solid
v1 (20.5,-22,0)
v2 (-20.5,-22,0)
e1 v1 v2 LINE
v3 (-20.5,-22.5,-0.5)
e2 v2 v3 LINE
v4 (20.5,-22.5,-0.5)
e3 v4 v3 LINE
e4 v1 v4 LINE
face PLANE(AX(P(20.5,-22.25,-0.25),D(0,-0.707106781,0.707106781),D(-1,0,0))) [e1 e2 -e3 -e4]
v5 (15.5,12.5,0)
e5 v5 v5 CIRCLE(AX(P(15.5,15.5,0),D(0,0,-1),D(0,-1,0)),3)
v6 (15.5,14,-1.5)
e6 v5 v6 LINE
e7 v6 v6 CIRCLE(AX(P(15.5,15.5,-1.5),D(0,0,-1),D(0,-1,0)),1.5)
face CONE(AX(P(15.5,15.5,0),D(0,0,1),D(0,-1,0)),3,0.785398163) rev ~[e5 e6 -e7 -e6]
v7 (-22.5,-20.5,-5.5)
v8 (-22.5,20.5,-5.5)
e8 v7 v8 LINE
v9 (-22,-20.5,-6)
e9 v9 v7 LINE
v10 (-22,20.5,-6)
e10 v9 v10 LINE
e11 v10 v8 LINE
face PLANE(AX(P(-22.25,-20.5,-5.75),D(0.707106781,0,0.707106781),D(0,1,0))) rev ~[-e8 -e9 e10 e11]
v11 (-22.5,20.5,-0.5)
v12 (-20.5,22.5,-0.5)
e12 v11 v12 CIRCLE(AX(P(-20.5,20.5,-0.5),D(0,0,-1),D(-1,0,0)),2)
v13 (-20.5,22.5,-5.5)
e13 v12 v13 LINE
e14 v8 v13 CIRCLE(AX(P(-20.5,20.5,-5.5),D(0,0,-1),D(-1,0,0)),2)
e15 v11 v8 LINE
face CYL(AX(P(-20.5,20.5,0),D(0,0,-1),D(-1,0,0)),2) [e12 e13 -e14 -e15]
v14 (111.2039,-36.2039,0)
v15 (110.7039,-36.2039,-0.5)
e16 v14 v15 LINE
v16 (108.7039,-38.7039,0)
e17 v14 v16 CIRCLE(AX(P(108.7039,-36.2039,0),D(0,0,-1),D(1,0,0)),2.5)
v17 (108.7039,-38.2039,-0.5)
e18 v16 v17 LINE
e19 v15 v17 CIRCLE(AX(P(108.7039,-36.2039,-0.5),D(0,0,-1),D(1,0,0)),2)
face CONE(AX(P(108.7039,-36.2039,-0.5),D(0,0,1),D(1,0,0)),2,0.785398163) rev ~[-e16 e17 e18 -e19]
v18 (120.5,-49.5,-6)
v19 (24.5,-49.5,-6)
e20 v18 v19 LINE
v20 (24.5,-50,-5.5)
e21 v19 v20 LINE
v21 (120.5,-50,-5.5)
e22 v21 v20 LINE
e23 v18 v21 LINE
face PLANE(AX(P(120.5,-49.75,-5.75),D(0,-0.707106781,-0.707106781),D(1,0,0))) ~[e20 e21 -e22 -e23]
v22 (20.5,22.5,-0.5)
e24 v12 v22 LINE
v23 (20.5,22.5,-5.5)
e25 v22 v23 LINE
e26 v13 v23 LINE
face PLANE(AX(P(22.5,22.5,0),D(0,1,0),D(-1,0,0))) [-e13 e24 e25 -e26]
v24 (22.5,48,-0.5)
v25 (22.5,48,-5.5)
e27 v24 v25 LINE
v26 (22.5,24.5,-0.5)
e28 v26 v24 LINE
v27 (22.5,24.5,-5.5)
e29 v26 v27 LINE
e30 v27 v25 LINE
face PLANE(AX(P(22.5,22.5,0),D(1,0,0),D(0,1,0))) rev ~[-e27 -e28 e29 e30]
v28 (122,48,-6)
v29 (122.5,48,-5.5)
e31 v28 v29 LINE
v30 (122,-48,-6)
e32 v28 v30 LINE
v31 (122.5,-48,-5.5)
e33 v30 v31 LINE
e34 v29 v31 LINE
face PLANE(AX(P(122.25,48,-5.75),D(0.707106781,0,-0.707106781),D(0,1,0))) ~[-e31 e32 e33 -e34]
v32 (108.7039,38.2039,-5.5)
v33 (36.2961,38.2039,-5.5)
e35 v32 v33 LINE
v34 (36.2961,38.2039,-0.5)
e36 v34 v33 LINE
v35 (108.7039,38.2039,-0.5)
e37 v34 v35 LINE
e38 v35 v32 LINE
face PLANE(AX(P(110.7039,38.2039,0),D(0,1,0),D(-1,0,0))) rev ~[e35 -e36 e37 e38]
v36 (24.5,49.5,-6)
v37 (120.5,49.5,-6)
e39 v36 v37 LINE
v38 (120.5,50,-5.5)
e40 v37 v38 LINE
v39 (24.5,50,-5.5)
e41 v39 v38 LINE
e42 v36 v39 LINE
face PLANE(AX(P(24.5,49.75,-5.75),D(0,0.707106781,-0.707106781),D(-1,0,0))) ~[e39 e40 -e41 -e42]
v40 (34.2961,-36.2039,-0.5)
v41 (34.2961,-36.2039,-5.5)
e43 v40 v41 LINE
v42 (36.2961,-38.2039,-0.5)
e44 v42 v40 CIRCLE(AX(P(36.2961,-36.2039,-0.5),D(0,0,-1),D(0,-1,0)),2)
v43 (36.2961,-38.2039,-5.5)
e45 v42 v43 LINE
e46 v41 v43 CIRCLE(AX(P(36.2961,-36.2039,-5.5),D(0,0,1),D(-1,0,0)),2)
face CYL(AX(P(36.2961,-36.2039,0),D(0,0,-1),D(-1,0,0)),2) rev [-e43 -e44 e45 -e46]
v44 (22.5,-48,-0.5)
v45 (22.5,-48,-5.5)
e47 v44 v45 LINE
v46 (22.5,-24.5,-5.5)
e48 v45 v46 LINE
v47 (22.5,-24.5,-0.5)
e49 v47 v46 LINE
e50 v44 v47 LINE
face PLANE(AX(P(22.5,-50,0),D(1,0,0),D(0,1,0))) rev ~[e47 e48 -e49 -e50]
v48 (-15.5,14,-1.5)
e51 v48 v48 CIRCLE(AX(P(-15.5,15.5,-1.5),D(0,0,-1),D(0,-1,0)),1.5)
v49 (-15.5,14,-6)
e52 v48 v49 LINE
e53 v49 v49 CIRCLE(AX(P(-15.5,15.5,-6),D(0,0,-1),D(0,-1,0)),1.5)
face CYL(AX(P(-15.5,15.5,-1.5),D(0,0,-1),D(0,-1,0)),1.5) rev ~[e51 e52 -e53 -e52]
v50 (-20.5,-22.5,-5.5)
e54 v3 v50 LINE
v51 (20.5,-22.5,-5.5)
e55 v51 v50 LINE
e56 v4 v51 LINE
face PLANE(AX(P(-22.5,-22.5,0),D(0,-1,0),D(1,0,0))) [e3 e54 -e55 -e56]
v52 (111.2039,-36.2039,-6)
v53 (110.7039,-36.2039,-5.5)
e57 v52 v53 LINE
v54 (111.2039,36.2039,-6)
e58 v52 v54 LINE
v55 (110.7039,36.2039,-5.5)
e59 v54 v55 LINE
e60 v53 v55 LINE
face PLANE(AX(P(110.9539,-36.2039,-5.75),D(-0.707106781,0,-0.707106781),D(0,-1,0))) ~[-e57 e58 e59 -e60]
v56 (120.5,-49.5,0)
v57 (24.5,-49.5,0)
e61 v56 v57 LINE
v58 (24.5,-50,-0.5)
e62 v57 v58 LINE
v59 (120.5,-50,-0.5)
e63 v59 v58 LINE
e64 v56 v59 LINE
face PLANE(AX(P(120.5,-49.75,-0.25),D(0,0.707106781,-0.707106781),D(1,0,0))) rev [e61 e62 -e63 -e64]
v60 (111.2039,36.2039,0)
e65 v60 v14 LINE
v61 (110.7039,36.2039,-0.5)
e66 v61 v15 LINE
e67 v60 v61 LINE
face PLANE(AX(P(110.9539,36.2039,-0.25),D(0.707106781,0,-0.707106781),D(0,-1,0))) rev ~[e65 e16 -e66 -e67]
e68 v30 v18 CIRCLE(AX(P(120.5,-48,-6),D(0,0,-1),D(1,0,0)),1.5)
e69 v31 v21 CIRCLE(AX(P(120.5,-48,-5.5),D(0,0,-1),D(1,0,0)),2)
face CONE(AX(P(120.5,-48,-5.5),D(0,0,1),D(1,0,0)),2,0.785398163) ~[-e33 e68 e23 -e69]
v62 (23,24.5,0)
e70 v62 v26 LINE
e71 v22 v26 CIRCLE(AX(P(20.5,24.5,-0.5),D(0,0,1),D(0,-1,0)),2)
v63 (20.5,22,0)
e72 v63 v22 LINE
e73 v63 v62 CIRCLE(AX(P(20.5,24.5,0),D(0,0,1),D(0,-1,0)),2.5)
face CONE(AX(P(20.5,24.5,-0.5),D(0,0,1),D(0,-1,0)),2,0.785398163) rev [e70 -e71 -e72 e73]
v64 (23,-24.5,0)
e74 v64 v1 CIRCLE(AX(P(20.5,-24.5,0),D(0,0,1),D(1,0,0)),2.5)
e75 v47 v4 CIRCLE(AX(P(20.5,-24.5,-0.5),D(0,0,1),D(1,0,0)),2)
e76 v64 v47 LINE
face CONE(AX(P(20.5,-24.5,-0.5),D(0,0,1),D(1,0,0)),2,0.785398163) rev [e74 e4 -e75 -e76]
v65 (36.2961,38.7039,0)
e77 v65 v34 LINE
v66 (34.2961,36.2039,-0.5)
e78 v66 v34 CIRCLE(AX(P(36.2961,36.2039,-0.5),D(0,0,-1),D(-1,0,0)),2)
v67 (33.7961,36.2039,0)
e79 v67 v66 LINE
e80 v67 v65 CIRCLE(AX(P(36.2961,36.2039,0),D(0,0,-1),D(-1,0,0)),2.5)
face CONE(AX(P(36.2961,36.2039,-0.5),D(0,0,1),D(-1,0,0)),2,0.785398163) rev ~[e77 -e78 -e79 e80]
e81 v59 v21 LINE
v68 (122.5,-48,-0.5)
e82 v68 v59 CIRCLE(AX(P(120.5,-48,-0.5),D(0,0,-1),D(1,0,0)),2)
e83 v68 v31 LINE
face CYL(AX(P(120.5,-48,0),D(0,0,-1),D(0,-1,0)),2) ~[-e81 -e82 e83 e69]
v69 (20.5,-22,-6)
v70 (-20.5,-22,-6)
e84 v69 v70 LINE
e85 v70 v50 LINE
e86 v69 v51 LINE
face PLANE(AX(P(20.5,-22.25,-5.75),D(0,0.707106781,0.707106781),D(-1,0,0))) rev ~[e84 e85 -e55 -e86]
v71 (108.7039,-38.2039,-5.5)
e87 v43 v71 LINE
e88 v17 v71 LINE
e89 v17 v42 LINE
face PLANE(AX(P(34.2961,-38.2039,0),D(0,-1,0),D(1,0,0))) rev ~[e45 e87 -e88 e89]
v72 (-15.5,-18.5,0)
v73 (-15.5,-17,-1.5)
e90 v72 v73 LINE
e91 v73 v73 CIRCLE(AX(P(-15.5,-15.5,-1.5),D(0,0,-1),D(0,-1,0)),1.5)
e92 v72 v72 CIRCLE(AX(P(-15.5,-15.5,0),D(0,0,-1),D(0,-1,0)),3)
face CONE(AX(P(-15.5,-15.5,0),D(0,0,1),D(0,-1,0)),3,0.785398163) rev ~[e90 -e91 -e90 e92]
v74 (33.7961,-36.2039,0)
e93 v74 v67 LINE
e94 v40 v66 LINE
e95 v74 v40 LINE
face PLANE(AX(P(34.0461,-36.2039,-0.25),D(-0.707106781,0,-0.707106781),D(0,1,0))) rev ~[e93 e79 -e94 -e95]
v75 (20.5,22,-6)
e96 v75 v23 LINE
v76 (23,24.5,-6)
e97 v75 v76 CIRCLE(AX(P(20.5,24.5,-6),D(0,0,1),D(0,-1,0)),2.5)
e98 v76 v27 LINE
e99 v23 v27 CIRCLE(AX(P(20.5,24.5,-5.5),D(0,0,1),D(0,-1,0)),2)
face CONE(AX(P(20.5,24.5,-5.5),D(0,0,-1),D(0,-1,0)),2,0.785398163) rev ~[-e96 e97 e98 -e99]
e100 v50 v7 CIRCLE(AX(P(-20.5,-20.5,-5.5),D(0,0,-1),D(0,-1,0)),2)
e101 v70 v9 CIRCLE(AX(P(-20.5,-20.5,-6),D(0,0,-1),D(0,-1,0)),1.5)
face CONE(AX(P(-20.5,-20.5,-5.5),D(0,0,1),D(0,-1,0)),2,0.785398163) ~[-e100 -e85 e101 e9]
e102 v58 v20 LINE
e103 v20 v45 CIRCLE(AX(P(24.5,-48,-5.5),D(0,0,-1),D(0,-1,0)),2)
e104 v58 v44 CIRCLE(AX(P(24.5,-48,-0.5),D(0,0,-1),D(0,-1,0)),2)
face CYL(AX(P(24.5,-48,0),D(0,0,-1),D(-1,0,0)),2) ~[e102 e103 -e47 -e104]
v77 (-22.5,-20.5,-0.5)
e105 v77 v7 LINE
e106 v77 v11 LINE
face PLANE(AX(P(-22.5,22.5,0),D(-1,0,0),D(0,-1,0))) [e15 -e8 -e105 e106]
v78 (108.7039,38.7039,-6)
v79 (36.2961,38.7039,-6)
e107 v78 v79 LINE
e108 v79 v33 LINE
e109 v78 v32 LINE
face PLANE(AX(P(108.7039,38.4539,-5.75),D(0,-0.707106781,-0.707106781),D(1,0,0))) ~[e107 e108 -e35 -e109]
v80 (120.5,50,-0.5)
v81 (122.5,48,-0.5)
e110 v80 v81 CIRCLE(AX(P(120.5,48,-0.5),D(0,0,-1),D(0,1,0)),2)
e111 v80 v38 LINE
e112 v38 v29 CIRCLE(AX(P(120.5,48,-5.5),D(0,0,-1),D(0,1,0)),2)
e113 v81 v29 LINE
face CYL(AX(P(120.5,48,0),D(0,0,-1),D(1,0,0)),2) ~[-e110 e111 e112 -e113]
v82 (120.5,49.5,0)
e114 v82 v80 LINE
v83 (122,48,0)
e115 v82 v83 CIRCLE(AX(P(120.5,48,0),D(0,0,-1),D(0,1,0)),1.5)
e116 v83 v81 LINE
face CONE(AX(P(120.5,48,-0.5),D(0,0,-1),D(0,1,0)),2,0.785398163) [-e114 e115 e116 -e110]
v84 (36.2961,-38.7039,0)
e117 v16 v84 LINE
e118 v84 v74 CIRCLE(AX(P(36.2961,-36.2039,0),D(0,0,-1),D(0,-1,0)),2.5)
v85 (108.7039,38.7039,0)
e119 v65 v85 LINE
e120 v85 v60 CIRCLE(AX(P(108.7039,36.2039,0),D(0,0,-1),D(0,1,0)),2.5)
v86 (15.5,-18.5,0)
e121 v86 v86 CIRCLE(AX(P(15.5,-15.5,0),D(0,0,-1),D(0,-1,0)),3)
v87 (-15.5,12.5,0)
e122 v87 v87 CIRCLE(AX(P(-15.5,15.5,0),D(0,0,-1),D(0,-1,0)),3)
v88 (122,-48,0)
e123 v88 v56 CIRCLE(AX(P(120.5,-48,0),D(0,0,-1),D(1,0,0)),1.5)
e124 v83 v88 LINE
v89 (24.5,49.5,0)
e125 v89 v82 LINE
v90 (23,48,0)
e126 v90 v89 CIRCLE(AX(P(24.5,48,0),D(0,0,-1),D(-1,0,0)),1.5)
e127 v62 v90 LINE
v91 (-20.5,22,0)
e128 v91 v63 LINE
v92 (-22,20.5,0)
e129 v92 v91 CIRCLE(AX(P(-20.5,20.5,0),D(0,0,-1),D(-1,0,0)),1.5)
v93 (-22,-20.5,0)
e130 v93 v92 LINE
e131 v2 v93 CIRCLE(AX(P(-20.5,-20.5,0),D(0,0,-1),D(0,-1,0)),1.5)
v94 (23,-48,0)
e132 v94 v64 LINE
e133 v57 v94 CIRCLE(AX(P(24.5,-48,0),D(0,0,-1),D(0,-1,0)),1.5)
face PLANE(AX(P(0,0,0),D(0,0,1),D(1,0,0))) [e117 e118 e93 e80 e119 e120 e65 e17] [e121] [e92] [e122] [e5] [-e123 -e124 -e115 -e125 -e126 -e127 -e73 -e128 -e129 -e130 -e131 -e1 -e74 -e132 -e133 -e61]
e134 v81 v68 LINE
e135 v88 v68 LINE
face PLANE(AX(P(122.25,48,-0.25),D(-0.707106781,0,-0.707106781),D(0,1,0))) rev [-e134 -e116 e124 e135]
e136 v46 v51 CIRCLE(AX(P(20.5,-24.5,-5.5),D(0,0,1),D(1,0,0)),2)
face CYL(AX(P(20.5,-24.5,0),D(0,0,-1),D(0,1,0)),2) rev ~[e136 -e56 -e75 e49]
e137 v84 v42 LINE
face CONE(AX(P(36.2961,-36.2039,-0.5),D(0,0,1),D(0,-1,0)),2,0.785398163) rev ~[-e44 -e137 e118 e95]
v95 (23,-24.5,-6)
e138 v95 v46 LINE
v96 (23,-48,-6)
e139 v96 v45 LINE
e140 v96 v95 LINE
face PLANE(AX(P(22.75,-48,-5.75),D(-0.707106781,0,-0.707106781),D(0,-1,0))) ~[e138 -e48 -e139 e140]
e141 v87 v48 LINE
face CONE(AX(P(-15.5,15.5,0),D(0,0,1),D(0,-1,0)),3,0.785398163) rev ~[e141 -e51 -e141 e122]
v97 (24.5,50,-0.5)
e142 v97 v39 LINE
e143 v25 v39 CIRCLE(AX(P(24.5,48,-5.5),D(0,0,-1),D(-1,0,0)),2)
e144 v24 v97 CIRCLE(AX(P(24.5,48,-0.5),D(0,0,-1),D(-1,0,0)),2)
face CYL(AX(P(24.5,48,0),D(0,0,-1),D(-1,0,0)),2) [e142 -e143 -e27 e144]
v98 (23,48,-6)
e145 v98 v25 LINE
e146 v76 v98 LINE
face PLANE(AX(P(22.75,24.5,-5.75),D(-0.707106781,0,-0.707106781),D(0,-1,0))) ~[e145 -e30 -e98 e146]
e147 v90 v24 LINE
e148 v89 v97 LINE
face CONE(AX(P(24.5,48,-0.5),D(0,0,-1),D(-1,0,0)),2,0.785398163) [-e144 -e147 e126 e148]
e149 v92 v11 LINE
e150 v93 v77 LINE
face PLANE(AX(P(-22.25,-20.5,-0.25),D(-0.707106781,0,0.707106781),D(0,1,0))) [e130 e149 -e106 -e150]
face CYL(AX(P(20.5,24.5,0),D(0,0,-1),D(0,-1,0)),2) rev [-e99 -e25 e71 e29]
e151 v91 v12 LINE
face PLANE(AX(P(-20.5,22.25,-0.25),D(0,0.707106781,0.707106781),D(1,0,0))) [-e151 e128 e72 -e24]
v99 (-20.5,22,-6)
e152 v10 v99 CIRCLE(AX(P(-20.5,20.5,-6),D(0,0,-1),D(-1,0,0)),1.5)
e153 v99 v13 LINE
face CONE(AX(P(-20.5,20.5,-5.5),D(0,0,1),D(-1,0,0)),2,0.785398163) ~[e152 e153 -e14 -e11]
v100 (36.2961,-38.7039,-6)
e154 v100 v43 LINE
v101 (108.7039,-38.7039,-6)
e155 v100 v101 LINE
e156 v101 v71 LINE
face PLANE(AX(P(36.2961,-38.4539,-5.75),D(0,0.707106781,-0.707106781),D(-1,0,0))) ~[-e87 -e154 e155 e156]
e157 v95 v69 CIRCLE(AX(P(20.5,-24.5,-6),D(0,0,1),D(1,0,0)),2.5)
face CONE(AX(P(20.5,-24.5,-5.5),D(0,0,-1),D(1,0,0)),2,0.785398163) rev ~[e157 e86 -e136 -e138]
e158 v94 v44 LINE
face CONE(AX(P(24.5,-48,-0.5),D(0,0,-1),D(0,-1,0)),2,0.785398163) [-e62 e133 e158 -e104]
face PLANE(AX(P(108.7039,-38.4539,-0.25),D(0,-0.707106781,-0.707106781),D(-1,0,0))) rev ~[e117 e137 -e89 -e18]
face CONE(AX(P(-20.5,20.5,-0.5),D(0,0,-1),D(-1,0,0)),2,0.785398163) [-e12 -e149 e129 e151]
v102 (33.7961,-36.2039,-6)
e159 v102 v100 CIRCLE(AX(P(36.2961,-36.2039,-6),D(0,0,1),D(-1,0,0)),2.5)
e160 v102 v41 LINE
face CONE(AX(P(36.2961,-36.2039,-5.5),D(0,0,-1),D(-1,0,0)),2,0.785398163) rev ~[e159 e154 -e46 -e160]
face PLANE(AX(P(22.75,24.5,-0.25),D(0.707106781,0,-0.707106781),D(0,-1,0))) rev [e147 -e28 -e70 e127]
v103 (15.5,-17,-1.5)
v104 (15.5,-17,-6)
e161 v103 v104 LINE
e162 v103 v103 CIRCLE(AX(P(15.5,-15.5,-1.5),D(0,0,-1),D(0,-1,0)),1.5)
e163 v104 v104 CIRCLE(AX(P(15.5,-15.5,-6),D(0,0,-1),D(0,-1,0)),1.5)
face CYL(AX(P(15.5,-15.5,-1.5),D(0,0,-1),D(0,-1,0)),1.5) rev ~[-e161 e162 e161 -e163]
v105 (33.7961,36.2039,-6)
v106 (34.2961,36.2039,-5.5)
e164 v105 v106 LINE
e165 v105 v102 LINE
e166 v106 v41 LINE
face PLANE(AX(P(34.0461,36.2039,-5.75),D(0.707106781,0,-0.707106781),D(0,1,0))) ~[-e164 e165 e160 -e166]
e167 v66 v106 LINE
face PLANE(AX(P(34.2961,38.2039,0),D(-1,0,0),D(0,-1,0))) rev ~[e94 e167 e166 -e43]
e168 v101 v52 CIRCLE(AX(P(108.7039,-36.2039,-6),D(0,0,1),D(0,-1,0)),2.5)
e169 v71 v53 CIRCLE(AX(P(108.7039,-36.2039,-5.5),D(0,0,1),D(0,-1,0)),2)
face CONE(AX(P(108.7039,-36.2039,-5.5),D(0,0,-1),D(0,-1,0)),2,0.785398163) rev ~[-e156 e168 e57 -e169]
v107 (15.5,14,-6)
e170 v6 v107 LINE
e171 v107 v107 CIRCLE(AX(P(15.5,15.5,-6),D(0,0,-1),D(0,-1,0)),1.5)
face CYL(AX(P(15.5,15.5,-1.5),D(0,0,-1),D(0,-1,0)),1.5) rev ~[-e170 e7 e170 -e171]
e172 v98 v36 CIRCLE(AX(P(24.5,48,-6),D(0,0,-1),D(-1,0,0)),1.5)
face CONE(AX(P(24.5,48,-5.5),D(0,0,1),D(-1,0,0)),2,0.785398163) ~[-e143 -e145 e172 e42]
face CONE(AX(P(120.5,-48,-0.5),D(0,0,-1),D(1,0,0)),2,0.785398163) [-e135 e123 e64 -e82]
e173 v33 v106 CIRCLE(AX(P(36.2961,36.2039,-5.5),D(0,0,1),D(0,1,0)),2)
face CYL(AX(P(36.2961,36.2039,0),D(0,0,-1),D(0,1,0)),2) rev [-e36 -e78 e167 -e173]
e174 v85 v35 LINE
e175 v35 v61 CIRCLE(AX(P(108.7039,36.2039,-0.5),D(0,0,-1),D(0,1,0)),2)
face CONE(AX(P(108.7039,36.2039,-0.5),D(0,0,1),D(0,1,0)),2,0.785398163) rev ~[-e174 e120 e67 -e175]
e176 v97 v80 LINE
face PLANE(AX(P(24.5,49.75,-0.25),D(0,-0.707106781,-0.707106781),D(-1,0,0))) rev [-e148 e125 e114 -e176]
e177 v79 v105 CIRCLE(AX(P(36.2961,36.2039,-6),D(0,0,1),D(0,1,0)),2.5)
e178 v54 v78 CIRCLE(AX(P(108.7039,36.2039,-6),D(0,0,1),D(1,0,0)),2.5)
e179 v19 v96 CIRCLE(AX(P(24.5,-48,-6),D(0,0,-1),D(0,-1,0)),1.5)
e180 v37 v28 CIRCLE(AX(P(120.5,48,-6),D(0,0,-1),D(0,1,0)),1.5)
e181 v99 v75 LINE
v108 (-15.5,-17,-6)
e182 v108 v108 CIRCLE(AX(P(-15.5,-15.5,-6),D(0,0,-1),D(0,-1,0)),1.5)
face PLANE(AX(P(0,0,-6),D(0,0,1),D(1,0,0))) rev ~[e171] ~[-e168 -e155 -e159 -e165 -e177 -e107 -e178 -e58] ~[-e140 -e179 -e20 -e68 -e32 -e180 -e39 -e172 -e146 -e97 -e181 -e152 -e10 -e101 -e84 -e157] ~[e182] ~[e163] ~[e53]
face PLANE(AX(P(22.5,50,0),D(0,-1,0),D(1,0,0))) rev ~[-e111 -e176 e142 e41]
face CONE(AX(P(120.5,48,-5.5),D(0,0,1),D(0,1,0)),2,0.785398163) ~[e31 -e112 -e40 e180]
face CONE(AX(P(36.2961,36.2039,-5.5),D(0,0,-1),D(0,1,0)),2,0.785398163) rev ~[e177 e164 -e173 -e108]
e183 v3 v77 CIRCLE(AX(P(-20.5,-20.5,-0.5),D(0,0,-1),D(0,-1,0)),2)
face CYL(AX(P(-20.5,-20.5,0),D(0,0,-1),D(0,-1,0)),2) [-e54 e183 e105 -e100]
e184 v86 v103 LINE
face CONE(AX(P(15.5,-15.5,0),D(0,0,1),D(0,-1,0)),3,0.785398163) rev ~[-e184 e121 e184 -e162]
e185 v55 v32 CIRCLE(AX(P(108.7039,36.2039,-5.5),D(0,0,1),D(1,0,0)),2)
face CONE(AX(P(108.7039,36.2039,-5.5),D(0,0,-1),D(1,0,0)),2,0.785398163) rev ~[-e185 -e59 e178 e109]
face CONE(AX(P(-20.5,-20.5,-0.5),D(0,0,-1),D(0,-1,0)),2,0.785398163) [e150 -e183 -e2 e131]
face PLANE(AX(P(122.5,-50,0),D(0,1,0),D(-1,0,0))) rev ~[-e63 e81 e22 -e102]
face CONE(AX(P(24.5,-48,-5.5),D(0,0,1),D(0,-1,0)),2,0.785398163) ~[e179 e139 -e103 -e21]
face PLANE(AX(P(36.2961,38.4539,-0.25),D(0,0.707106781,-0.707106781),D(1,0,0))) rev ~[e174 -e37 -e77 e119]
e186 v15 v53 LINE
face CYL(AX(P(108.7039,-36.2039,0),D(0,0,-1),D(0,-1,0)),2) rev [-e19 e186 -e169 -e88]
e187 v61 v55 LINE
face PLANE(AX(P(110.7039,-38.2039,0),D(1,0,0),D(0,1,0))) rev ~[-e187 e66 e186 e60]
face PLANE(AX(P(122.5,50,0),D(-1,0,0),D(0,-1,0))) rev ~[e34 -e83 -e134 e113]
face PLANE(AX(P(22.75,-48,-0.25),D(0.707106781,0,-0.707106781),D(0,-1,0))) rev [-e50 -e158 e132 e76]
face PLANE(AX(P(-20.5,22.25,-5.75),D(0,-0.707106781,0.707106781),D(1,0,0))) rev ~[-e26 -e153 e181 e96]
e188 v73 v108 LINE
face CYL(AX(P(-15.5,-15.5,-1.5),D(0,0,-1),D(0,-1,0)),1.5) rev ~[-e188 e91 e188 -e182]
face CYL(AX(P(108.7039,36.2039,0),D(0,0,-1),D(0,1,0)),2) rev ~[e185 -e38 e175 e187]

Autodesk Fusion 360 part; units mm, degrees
sketch "Cuadrado 100x100" plane through (0, 0, 0) normal (0, 0, 1) x (1, 0, 0)
  line L0 (50, -50) -> (-50, -50)
  line L1 (-50, -50) -> (-50, 50)
  line L2 (-50, 50) -> (50, 50)
  line L3 (50, 50) -> (50, -50)
  line L4 (50, -50) -> (-50, 50) construction
  line L5 (-50, -50) -> (50, 50) construction
  dimension "d1" = 100
sketch "Sketch1" plane through (0, 0, 0) normal (0, 0, 1) x (1, 0, 0) in component "plate"
  line L0 (22.5, 22.5) -> (-22.5, 22.5)
  line L1 (-22.5, 22.5) -> (-22.5, -22.5)
  line L2 (-22.5, -22.5) -> (22.5, -22.5)
  line L3 (22.5, -22.5) -> (22.5, 22.5)
  line L4 (22.5, 22.5) -> (-22.5, -22.5) construction
  line L5 (-22.5, 22.5) -> (22.5, -22.5) construction
  line L6 (15.5, 15.5) -> (-15.5, 15.5)
  line L7 (-15.5, 15.5) -> (-15.5, -15.5)
  line L8 (-15.5, -15.5) -> (15.5, -15.5)
  line L9 (15.5, -15.5) -> (15.5, 15.5)
  line L10 (122.5, -50) -> (22.5, -50)
  line L11 (22.5, -50) -> (22.5, 50)
  line L12 (22.5, 50) -> (122.5, 50)
  line L13 (122.5, 50) -> (122.5, -50)
  line L14 (122.5, -50) -> (22.5, 50) construction
  line L15 (22.5, -50) -> (122.5, 50) construction
  line L16 (110.7039, 38.2039) -> (34.2961, 38.2039)
  line L17 (34.2961, 38.2039) -> (34.2961, -38.2039)
  line L18 (34.2961, -38.2039) -> (110.7039, -38.2039)
  line L19 (110.7039, -38.2039) -> (110.7039, 38.2039)
  line L20 (72.5, 0) -> (22.5, 0) construction
  point P0 (72.5, 0)
  point P1 (72.5, 0)
  dimension "d59" = 45
  dimension "d60" = 31
  dimension "d62" = 100
extrude "Extrude1" add sketch "Sketch1" against normal blind 6 contours L0 L1 L2 L3 L11 | L3 L10 L11 L12 L13 | L6 L7 L8 L9 in component "plate"
fillet "Fillet1" radius 2 14 edges at (-22.5, 22.5, -3) (-22.5, -22.5, -3) (22.5, 22.5, -3) (22.5, 50, -3) (122.5, 50, -3) (122.5, -50, -3) (22.5, -22.5, -3) (22.5, -50, -3) (22.5, -22.5, -3) (22.5, -50, -3) (34.2961, 38.2039, -3) (110.7039, 38.2039, -3) (110.7039, -38.2039, -3) (34.2961, -38.2039, -3) in component "plate"
chamfer "Chamfer1" distance 0.5 angle 45 48 edges at (122.5, 0, 0) (121.9142, -49.4142, 0) (72.5, -50, 0) (23.0858, -49.4142, 0) (22.5, -36.25, 0) (21.9142, -23.0858, 0) (0, -22.5, 0) (-21.9142, -21.9142, 0) (-22.5, 0, 0) (-21.9142, 21.9142, 0) (0, 22.5, 0) (21.9142, 23.0858, 0) (22.5, 36.25, 0) (23.0858, 49.4142, 0) (72.5, 50, 0) (121.9142, 49.4142, 0) (122.5, 0, -6) (121.9142, 49.4142, -6) (72.5, 50, -6) (23.0858, 49.4142, -6) (22.5, 36.25, -6) (21.9142, 23.0858, -6) (0, 22.5, -6) (-21.9142, 21.9142, -6) (-22.5, 0, -6) (-21.9142, -21.9142, -6) (0, -22.5, -6) (21.9142, -23.0858, -6) (22.5, -36.25, -6) (23.0858, -49.4142, -6) (72.5, -50, -6) (121.9142, -49.4142, -6) (34.8819, 37.6181, -6) (34.2961, 0, -6) (34.8819, -37.6181, -6) (72.5, -38.2039, -6) (110.1181, -37.6181, -6) (110.7039, 0, -6) (110.1181, 37.6181, -6) (72.5, 38.2039, -6) (110.1181, 37.6181, 0) (110.7039, 0, 0) (110.1181, -37.6181, 0) (72.5, -38.2039, 0) (34.8819, -37.6181, 0) (34.2961, 0, 0) (34.8819, 37.6181, 0) (72.5, 38.2039, 0) in component "plate"
hole "Hole1" at (15.5, 15.5, 0) at (-15.5, 15.5, 0) at (-15.5, -15.5, 0) at (15.5, -15.5, 0) direction (0, 0, -1) diameter 3 end through all countersink diameter 6 countersink angle 90 in component "plate"
component "plate" placed x (1, 0, 0) y (0, 1, 0) z (0, 0, 1) at (0, 0, 0)
equation "offsetI3dDiam = 0.2 mm"
equation "offsetI3dRad = offsetI3dDiam / 2"
